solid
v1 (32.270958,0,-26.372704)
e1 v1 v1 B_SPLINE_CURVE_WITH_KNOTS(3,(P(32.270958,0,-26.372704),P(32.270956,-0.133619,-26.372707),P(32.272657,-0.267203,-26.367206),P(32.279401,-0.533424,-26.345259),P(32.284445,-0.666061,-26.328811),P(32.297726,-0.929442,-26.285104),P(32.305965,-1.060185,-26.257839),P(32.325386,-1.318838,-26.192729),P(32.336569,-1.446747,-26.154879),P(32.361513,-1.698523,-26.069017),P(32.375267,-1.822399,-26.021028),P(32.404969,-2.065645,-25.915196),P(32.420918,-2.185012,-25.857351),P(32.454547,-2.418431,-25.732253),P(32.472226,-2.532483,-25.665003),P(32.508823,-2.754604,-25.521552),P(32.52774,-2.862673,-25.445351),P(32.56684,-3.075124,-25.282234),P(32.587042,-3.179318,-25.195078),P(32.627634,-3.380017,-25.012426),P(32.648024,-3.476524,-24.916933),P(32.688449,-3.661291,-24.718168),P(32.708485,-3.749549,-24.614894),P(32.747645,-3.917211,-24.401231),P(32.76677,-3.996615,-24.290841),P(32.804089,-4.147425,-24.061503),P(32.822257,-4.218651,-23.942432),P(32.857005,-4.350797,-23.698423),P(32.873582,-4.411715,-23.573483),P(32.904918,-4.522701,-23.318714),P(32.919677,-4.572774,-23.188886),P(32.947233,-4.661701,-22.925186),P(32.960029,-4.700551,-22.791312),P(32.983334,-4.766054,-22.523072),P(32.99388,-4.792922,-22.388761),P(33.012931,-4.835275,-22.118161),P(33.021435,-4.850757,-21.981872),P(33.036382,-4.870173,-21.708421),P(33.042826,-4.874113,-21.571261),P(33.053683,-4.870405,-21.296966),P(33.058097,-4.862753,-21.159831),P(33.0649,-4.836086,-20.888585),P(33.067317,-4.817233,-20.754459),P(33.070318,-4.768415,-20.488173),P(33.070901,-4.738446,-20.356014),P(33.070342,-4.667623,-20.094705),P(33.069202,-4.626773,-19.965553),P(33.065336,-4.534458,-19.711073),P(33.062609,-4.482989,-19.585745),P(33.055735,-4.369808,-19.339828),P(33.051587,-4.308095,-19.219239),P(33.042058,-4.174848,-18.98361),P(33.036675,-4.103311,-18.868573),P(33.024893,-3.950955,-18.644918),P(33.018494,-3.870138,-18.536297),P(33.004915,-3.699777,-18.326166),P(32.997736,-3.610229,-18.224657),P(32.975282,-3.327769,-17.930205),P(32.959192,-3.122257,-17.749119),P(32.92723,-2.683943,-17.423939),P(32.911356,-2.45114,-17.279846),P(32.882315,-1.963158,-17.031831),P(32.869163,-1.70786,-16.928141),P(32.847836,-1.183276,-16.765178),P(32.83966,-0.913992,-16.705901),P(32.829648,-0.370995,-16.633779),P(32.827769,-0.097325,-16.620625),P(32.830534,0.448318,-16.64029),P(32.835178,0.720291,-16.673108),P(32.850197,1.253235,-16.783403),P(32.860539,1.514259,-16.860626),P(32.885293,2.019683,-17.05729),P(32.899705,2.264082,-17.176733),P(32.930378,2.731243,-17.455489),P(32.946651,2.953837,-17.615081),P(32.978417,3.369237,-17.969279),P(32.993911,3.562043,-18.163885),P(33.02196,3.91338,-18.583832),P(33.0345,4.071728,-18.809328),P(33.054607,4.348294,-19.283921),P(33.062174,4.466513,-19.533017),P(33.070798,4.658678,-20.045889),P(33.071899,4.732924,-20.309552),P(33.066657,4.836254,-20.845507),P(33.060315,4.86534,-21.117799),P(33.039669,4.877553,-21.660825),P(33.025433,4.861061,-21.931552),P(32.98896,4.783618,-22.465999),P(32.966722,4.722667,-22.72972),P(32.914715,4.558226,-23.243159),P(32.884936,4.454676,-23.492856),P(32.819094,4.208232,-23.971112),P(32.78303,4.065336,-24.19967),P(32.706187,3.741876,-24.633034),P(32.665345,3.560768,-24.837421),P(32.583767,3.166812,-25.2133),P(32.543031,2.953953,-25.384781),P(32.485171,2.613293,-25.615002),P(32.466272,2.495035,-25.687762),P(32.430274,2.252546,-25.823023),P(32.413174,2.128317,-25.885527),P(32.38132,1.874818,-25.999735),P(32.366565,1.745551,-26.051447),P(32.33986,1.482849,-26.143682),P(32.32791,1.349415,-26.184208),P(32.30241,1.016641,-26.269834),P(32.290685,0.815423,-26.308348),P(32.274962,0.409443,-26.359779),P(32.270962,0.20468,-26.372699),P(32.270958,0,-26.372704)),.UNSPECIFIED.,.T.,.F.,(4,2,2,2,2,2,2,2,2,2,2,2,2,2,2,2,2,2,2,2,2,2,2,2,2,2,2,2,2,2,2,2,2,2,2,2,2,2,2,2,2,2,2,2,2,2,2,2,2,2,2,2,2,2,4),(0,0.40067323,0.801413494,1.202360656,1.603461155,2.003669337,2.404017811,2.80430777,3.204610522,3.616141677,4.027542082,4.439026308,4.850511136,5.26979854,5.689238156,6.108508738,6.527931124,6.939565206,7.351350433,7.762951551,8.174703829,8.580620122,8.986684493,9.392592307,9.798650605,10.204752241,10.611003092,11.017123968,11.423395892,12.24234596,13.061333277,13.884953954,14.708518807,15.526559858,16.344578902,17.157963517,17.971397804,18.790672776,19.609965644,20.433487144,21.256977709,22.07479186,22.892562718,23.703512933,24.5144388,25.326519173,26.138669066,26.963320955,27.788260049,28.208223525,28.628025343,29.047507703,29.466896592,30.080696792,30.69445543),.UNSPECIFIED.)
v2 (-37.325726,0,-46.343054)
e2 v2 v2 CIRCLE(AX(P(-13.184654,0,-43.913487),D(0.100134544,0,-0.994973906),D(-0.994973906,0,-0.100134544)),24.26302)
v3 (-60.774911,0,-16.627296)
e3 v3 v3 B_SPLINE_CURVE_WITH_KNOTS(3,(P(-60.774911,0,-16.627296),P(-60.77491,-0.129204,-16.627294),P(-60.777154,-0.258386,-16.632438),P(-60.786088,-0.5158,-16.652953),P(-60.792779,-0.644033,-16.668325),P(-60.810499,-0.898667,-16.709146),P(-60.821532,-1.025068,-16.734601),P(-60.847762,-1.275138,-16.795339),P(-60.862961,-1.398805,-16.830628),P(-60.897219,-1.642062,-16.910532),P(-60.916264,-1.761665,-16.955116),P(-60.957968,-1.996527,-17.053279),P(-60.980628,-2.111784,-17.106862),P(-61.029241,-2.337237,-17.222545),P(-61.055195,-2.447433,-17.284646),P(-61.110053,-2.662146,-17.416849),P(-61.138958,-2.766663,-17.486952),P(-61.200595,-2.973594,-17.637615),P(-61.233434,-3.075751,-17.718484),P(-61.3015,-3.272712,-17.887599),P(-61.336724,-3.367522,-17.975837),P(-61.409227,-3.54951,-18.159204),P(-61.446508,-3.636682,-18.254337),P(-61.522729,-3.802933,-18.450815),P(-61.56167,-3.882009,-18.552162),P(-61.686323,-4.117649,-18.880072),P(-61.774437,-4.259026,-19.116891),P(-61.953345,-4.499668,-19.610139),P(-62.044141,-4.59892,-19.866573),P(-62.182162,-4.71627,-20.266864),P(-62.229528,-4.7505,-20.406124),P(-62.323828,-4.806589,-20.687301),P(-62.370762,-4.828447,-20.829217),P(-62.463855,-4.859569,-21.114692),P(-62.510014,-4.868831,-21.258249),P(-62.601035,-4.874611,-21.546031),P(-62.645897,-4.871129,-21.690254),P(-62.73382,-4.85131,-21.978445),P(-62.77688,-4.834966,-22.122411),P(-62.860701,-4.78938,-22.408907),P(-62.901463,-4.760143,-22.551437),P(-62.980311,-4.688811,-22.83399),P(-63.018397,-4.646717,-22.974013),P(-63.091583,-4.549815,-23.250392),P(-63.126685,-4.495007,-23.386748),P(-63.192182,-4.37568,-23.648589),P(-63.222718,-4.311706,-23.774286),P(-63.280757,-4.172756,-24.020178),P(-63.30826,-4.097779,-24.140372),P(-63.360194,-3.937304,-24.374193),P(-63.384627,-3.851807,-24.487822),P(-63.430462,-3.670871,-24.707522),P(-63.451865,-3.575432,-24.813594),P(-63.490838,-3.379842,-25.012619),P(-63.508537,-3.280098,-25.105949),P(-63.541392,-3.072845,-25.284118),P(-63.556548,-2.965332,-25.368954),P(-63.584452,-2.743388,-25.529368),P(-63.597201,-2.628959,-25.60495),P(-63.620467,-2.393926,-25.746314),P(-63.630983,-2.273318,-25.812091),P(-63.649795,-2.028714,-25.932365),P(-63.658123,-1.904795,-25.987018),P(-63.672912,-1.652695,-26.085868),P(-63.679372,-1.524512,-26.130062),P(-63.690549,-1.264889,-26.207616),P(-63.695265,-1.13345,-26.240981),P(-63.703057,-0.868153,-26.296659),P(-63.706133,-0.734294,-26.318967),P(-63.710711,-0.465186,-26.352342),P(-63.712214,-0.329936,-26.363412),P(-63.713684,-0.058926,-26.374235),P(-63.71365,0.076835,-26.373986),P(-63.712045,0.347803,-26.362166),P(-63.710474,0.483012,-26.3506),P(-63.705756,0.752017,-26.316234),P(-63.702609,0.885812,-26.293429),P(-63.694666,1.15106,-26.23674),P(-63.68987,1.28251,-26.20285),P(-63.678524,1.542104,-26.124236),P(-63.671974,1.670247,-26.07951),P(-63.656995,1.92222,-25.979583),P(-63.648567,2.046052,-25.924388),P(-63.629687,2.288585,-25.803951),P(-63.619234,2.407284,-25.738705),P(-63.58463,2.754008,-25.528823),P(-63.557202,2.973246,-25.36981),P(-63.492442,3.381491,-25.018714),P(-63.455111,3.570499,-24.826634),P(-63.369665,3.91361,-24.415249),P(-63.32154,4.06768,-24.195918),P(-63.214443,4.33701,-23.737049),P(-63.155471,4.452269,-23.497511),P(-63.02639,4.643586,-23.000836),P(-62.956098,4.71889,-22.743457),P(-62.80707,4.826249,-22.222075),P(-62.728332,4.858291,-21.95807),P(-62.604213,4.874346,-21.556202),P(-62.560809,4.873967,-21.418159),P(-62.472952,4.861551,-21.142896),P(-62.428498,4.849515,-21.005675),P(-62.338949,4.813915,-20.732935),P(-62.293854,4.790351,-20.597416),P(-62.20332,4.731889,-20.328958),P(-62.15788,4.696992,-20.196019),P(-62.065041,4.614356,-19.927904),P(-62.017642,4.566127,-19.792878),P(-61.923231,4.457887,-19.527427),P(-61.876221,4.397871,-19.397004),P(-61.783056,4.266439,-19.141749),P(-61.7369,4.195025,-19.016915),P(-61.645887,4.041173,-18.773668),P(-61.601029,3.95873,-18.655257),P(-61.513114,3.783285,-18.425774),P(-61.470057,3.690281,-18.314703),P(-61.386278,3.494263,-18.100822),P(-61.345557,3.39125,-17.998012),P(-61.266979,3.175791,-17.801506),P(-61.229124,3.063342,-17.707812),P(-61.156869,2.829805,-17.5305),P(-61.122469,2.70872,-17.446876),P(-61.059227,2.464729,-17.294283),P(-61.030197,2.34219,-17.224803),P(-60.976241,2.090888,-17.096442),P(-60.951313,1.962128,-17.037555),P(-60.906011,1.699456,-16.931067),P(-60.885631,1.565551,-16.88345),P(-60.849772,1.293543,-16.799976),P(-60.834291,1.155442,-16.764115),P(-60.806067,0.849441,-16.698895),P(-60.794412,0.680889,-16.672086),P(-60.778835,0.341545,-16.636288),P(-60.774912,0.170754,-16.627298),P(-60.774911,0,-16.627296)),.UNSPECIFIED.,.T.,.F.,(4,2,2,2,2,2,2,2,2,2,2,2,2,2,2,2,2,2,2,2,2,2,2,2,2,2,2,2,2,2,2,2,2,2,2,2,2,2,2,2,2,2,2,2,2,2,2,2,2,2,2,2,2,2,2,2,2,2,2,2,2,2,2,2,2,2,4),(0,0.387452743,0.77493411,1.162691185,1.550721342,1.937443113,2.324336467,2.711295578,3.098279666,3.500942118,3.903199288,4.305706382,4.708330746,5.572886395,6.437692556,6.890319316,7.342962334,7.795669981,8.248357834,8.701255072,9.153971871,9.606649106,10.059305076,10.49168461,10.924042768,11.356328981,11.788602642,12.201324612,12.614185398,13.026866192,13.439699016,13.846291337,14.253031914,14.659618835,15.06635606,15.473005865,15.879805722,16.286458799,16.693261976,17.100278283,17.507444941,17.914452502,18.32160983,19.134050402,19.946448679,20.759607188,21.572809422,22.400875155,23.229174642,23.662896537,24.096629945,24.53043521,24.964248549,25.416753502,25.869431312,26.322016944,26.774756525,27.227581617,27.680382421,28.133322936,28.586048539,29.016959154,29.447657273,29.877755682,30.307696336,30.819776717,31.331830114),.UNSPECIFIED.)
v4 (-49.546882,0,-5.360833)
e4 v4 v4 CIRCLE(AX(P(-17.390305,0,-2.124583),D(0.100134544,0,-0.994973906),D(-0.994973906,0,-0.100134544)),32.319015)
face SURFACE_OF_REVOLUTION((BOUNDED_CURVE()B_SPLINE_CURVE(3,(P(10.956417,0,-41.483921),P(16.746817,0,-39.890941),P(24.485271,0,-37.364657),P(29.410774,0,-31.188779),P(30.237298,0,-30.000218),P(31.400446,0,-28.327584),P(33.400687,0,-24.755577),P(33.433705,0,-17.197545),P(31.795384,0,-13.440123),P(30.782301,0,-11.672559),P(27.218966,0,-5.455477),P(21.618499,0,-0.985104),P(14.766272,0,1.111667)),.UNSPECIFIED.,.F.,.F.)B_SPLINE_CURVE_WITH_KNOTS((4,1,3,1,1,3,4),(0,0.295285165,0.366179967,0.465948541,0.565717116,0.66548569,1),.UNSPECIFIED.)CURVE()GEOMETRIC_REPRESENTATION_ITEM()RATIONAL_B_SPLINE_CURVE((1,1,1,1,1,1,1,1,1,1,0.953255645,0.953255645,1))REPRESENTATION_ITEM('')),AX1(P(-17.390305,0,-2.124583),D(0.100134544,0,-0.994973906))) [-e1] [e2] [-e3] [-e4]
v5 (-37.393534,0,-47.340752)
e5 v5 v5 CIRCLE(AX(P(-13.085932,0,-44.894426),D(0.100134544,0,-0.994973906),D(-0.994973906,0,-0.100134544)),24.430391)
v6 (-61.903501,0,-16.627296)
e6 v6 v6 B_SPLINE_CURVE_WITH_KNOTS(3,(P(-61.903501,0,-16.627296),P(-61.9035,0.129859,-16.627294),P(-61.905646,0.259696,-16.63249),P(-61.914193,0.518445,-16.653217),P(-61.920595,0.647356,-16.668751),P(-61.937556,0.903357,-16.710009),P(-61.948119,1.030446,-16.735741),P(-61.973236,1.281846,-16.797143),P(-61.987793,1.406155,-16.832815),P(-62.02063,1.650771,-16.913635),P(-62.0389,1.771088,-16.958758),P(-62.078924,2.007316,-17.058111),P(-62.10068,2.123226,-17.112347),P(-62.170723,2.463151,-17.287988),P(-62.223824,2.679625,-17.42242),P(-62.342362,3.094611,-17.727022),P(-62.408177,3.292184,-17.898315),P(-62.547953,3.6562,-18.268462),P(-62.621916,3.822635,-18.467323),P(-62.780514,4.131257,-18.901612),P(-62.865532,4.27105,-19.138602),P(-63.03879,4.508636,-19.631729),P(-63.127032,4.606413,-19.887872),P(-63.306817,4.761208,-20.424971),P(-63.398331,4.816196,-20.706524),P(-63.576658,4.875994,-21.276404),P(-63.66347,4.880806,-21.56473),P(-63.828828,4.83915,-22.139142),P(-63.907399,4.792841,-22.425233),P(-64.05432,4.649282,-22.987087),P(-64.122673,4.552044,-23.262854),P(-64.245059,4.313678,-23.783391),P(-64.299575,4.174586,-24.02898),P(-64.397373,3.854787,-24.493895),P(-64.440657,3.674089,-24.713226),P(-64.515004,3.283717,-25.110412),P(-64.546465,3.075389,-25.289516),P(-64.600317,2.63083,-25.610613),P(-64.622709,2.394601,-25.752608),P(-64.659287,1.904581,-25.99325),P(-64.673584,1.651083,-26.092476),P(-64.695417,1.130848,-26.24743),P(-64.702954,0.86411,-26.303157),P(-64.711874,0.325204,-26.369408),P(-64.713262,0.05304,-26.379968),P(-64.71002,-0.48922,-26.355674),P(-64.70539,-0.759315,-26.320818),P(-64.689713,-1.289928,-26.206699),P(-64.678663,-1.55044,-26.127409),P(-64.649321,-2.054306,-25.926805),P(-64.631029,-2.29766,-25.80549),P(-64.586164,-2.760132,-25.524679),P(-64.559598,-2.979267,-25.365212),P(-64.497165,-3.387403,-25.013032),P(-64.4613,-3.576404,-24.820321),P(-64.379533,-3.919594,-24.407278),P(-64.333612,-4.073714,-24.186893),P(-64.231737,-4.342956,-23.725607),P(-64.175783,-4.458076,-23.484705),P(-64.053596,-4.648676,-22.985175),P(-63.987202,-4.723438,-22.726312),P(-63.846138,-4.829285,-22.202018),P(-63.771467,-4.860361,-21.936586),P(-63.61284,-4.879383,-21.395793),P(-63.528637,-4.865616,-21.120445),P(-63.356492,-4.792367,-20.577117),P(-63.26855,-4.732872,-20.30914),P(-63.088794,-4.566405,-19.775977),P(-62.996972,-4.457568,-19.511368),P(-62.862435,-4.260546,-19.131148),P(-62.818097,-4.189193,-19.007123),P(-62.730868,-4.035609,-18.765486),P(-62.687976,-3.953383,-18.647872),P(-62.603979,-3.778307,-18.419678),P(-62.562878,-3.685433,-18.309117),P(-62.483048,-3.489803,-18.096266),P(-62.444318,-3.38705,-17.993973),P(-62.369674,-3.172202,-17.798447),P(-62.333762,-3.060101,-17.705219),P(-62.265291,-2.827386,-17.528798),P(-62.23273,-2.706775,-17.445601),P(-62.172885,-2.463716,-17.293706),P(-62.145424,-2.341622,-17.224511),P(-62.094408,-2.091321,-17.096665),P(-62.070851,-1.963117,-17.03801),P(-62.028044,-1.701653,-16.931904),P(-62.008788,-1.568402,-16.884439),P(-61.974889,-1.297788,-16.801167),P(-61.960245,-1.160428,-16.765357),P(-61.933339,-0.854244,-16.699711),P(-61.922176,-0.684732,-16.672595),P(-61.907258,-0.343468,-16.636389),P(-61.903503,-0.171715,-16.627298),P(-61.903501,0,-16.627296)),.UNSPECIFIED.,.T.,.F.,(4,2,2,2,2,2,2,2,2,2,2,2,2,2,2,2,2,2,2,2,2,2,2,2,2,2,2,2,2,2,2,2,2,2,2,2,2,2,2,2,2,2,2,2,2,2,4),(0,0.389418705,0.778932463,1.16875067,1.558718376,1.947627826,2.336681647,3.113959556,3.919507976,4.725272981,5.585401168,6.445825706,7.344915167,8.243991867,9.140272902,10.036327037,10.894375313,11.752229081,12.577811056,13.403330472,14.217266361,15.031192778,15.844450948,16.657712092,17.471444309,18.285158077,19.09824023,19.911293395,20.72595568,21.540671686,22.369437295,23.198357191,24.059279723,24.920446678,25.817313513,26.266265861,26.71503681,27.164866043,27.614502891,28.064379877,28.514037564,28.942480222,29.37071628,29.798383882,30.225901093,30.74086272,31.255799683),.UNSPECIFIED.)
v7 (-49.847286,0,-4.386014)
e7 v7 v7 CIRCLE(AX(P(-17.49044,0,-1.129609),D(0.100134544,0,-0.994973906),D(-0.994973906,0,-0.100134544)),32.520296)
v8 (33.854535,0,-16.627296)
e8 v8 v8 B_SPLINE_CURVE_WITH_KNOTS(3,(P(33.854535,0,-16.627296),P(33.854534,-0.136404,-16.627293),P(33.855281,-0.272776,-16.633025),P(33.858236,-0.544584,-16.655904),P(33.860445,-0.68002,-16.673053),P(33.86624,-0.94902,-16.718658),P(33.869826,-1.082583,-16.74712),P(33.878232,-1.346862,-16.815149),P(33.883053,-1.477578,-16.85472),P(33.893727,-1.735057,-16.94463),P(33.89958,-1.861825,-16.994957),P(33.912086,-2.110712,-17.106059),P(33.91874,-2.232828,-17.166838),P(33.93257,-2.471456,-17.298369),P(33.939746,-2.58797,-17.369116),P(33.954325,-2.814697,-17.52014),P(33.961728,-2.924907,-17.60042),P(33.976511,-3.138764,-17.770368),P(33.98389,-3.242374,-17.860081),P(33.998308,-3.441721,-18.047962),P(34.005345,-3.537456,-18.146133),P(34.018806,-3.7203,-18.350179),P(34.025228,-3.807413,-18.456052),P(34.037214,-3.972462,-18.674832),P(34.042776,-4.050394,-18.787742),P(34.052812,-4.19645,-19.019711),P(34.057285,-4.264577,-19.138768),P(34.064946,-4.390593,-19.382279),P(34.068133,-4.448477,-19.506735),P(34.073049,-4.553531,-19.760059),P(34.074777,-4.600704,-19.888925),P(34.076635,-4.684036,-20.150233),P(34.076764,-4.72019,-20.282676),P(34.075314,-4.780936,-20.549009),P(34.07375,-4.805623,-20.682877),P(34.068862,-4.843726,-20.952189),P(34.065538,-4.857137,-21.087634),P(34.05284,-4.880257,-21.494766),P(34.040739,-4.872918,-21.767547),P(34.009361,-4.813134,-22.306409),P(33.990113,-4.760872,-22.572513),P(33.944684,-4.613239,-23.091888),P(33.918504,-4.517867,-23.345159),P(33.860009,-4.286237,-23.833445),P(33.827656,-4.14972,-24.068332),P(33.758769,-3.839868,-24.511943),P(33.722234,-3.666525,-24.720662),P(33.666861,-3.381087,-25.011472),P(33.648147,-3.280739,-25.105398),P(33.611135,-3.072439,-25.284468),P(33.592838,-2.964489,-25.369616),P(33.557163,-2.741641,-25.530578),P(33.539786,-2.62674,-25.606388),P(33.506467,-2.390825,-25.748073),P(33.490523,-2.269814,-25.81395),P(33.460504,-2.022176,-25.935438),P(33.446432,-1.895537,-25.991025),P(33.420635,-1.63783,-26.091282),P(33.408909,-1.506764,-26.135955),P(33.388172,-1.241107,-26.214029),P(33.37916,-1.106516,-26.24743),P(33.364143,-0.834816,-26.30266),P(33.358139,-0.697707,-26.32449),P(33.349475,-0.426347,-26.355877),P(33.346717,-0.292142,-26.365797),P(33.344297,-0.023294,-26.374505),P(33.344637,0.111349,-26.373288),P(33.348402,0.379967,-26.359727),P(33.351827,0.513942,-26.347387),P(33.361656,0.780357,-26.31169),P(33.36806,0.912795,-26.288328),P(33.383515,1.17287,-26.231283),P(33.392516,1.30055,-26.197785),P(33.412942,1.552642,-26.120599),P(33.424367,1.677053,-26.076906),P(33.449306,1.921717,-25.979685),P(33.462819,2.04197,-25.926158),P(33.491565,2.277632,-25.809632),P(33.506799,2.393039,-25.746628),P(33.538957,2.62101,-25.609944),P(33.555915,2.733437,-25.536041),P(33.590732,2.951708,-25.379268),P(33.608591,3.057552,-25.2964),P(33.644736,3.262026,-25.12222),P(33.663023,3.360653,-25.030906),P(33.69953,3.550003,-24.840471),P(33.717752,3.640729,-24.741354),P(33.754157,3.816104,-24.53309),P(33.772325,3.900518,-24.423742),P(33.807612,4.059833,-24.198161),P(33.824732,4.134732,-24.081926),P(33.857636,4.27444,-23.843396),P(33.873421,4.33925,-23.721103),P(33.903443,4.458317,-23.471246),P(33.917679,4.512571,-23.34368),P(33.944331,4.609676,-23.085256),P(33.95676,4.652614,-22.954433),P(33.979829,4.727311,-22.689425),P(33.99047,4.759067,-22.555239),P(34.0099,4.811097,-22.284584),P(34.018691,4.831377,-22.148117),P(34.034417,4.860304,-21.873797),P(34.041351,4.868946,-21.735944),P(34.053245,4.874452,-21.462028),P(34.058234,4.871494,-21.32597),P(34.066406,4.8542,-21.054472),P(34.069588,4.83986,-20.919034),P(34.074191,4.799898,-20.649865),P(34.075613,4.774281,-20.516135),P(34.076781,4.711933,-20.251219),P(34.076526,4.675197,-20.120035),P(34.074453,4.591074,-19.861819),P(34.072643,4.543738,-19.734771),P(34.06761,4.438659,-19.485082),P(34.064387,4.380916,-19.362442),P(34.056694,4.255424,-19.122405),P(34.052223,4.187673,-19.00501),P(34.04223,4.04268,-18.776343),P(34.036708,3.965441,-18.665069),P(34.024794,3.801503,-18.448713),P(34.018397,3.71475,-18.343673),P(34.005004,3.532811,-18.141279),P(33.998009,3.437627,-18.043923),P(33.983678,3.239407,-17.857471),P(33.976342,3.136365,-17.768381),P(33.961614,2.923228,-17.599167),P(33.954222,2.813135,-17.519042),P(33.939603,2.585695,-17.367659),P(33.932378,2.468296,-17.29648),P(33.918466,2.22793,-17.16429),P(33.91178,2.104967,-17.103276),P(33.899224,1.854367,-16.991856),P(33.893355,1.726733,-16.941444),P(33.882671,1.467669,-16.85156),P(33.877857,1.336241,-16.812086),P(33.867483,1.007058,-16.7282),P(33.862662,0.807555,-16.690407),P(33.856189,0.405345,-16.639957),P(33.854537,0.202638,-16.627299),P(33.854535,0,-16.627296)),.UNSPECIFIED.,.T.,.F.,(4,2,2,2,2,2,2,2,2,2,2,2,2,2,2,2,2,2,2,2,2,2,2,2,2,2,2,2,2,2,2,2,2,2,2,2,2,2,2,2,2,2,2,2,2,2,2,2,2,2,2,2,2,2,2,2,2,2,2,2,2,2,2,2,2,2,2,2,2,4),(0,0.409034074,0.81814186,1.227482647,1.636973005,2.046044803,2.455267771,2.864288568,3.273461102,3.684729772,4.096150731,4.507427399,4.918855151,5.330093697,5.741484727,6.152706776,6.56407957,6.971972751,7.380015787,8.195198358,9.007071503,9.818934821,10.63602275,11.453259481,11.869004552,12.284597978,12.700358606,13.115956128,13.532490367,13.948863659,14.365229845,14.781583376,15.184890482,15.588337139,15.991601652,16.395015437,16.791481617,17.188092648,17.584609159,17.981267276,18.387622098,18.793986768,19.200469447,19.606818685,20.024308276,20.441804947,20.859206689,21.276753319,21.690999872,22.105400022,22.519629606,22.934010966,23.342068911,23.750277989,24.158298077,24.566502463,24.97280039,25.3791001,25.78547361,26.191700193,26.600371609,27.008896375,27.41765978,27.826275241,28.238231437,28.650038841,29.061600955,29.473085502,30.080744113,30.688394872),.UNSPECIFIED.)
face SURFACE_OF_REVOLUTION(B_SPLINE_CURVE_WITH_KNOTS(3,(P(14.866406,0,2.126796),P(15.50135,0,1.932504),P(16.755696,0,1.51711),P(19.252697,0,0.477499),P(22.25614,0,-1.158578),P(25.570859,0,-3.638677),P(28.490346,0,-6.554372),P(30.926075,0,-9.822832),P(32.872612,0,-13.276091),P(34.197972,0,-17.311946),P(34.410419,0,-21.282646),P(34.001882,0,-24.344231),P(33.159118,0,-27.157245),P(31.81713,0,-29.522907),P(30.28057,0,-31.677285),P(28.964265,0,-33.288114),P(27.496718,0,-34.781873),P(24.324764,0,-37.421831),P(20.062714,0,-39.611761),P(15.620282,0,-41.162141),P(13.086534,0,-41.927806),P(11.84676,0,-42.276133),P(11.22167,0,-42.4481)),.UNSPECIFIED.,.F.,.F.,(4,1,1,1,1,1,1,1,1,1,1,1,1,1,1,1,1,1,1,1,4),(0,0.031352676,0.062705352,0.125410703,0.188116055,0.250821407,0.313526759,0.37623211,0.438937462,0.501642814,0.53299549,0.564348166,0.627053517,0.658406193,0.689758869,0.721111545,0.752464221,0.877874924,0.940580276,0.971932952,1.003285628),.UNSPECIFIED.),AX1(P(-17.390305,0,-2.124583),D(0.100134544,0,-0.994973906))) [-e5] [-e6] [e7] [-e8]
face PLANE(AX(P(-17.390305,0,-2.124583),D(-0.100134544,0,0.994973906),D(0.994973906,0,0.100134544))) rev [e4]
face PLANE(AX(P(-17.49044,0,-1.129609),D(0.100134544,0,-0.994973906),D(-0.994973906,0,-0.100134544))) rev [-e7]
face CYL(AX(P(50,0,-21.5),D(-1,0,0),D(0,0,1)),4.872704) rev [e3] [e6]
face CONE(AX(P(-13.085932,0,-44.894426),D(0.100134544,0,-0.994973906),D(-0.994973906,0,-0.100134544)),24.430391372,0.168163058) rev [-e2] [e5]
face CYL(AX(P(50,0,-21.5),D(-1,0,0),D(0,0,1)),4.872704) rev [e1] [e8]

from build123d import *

# Parameters (mm, degrees)
CUT_EXTRUDE1_DEPTH      = 50
CUT_EXTRUDE1_DEPTH_BACK = 70


with BuildPart() as part:
    # Sketch1 → Revolve1 (revolve)
    with BuildSketch(Plane(origin=(0, 0, 0), x_dir=(1, 0, 0), z_dir=(0, 1, 0)), mode=Mode.PRIVATE) as revolve1_sk:
        with BuildLine():
            Line((-17.390305115, 2.124583061), (14.766271873, -1.111666818))
            add(Edge.make_bspline(
                [(10.956417288, 41.483920674), (16.74681705, 39.890941059), (24.485270687, 37.36465709), (29.410773727, 31.188778955), (30.237298128, 30.000217702), (31.400446331, 28.327583618), (33.40068732, 24.755576816), (33.4337047, 17.197544652), (31.79538449, 13.440122533), (30.78230115, 11.67255905), (27.218965589, 5.455477424), (21.618498961, 0.985104082), (14.766271873, -1.111666818)],
                knots=[0, 0, 0, 0, 0.295285165, 0.366179967, 0.366179967, 0.366179967, 0.465948541, 0.565717116, 0.66548569, 0.66548569, 0.66548569, 1, 1, 1, 1], degree=3, weights=[1, 1, 1, 1, 1, 1, 1, 1, 1, 1, 0.953255645, 0.953255645, 1]))
            Line((10.956417288, 41.483920674), (11.2216697, 42.448099681))
            add(Edge.make_bspline(
                [(14.866406417, -2.126795879), (15.501349931, -1.932504145), (16.755695967, -1.517109621), (19.252697037, -0.477498508), (22.256139934, 1.1585776), (25.570858626, 3.63867721), (28.490346219, 6.554372412), (30.926075083, 9.822831749), (32.872612496, 13.276091399), (34.19797199, 17.311946034), (34.410418717, 21.282646362), (34.00188151, 24.344230747), (33.159118171, 27.157244874), (31.817130359, 29.522907472), (30.280569656, 31.67728545), (28.964265299, 33.288113896), (27.49671755, 34.781872637), (24.324763994, 37.421830742), (20.062713709, 39.611761078), (15.620282137, 41.162141244), (13.086533798, 41.927806312), (11.846759595, 42.276133064), (11.2216697, 42.448099681)],
                knots=[0, 0, 0, 0, 0.031352676, 0.062705352, 0.125410703, 0.188116055, 0.250821407, 0.313526759, 0.37623211, 0.438937462, 0.501642814, 0.53299549, 0.564348166, 0.627053517, 0.658406193, 0.689758869, 0.721111545, 0.752464221, 0.877874924, 0.940580276, 0.971932952, 1.003285628, 1.003285628, 1.003285628, 1.003285628], degree=3))
            Line((14.866406417, -2.126795879), (-17.490439659, 1.129609155))
            Line((-17.490439659, 1.129609155), (-17.390305115, 2.124583061))
        make_face()
    revolve(revolve1_sk.sketch.rotate(Axis((-13.085932221, 0, -44.894425787), (0.10013454426923565, 0, -0.9949739057100907)), 180), axis=Axis((-13.085932221, 0, -44.894425787), (0.10013454426923565, 0, -0.9949739057100907)))

    # Sketch2 → Cut-Extrude1 (cut, two sides: drawn at the far end of the back side and taken through both)
    with BuildSketch(Plane(origin=(0, 0, 0), x_dir=(0, 0, -1), z_dir=(1, 0, 0)).offset(-CUT_EXTRUDE1_DEPTH_BACK)):
        with BuildLine():
            Line((16.62729586, 0), (21.5, 0))
            Line((21.5, 0), (26.37270414, 0))
            ThreePointArc((26.37270414, 0), (21.5, 4.87270414), (16.62729586, 0))
        make_face()
        with BuildLine():
            Line((26.37270414, 0), (21.5, 0))
            Line((21.5, 0), (16.62729586, 0))
            ThreePointArc((16.62729586, 0), (21.5, -4.87270414), (26.37270414, 0))
        make_face()
    extrude(amount=CUT_EXTRUDE1_DEPTH + CUT_EXTRUDE1_DEPTH_BACK, mode=Mode.SUBTRACT)


solid = part.part
